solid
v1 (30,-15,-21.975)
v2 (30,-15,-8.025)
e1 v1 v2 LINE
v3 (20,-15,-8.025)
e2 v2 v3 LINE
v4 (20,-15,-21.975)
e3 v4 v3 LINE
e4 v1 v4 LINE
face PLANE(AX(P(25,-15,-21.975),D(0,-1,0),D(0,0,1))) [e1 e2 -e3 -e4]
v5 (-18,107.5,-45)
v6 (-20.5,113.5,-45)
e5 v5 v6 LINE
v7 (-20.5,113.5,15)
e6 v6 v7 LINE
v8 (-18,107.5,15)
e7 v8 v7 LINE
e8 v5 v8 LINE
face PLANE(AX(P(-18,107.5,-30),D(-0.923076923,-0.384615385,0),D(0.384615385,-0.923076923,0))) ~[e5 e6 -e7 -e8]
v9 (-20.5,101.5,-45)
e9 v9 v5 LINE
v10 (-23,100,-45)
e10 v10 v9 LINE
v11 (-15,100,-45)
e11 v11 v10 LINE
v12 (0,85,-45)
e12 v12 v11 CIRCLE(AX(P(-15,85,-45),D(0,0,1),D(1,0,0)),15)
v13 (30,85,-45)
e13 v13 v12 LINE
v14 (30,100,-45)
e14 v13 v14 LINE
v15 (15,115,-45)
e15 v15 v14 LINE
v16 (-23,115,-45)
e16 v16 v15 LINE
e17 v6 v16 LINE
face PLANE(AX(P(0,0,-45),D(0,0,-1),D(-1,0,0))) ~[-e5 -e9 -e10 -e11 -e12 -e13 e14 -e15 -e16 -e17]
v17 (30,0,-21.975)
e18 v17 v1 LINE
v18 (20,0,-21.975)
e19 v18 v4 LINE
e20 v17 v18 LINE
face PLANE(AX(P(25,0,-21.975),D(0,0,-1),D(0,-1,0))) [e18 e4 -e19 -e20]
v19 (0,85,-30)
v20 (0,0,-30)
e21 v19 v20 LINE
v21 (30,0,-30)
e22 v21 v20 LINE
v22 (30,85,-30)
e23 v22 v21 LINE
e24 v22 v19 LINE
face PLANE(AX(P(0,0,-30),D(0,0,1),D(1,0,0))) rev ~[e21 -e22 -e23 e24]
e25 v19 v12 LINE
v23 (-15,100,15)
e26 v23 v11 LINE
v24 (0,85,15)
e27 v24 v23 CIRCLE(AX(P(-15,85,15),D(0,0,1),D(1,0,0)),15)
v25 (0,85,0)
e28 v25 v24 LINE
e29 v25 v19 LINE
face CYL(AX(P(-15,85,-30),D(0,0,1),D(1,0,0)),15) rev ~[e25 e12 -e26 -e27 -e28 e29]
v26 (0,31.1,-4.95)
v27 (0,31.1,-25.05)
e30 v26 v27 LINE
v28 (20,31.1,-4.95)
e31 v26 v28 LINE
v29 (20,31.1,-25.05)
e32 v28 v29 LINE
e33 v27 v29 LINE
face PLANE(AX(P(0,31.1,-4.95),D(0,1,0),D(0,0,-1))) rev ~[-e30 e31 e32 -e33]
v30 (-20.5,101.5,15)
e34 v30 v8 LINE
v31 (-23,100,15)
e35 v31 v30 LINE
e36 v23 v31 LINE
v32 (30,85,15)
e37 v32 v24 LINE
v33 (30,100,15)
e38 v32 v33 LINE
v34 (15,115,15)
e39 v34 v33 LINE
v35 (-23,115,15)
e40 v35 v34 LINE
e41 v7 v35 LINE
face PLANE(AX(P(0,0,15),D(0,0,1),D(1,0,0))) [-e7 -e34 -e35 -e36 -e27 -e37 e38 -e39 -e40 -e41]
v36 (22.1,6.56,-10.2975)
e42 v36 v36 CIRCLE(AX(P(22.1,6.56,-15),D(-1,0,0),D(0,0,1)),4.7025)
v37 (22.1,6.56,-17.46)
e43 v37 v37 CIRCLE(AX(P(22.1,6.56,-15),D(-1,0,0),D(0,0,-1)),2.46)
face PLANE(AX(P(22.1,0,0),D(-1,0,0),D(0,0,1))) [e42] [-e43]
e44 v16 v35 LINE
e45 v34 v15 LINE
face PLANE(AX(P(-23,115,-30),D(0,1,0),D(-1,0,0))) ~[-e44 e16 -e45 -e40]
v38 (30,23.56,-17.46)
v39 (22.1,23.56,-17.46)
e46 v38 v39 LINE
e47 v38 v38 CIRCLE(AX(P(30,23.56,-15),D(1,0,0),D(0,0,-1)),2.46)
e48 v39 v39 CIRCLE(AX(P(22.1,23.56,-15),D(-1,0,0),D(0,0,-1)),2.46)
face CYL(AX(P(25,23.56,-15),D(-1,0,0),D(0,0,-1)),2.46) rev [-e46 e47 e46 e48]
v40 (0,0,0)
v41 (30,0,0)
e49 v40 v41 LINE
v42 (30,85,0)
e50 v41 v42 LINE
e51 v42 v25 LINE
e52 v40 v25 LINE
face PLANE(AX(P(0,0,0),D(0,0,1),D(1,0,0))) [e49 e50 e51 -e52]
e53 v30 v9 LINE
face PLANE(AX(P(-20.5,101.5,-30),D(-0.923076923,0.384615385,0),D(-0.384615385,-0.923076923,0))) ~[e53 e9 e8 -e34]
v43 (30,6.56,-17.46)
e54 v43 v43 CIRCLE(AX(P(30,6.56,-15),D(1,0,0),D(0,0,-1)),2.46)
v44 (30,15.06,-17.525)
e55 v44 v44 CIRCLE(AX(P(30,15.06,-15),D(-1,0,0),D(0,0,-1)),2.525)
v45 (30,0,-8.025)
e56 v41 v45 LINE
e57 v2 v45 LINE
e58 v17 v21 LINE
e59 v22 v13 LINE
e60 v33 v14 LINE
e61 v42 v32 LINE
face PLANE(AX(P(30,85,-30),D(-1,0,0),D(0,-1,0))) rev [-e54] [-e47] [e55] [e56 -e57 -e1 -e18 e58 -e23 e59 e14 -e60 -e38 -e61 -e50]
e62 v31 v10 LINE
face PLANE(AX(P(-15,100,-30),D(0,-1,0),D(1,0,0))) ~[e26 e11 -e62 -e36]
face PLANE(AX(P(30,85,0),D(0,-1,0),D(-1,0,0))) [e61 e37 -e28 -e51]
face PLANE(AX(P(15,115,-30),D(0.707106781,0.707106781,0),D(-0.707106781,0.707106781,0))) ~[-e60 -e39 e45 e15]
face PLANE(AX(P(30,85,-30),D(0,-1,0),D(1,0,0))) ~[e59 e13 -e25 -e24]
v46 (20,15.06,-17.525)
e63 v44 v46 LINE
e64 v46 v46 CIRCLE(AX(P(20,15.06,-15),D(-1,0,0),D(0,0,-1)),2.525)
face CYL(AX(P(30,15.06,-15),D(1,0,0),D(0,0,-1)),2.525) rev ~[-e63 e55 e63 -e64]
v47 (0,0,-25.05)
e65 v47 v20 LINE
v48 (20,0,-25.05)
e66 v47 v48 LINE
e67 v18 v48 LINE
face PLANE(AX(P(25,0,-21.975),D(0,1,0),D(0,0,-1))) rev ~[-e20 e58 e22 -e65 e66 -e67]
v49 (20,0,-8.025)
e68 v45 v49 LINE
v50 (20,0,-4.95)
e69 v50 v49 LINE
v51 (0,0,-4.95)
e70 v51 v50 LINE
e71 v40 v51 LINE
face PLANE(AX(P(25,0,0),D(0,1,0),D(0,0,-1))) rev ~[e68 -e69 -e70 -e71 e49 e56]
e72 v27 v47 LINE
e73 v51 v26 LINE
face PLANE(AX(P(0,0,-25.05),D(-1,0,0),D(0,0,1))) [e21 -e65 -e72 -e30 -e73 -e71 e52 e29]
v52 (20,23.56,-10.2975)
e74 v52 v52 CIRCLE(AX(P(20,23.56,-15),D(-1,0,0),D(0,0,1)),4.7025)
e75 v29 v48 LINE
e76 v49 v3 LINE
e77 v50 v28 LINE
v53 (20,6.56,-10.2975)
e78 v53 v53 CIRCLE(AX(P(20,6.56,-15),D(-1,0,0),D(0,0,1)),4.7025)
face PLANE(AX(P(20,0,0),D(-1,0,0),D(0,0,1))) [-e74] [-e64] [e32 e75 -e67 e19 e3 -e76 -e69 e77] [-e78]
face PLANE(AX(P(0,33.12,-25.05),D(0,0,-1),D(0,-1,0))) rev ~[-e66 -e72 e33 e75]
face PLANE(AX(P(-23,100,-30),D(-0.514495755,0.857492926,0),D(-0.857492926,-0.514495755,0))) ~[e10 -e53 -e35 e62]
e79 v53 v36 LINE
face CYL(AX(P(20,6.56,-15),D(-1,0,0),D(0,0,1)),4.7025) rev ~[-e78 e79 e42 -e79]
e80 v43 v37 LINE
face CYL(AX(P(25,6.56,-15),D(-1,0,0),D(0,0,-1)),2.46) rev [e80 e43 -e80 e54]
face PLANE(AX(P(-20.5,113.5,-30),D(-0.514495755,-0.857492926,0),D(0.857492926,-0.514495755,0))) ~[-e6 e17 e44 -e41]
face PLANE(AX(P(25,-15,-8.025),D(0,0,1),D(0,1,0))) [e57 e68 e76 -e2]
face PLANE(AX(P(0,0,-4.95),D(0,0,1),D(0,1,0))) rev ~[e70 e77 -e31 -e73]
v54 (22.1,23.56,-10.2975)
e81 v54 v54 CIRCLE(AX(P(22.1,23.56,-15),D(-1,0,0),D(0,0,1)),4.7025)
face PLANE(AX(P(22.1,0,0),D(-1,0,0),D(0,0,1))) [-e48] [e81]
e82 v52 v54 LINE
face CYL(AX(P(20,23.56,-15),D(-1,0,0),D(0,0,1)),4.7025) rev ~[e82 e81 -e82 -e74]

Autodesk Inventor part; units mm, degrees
ref_plane "YZ Plane" through (0, 0, 0) normal (1, 0, 0) x (0, 1, 0)
ref_plane "XZ Plane" through (0, 0, 0) normal (0, 1, 0) x (-1, 0, 0)
sketch "Sketch1" plane through (0, 0, 0) normal (0, 0, 1) x (1, 0, 0)
  line L0 (0, 0) -> (25, 0)
  line L1 (25, 0) -> (25, 40)
  line L2 (25, 40) -> (0, 40)
  line L3 (0, 40) -> (0, 0)
  dimension "d1" = 25
  dimension "d2" = 40
  dimension "d3" = 25
extrude "Extrusion1" add sketch "Sketch1" against normal blind 30
sketch "Sketch2" plane through (25, 0, 0) normal (1, 0, 0) x (0, 0, -1)
  line L0 (0, 0) -> (30, 0) projected
  circle A0 centre (15, 6.56) radius 2.46
extrude "Extrusion2" cut sketch "Sketch2" against normal blind 30
sketch "Sketch3" plane through (0, 0, 0) normal (-1, 0, 0) x (0, 0, 1)
  line L0 (0, 0) -> (-30, 0) projected
  line L1 (-25.05, 0) -> (-4.95, 0)
  line L2 (-4.95, 0) -> (-4.95, 33.12)
  line L3 (-4.95, 33.12) -> (-25.05, 33.12)
  line L4 (-25.05, 33.12) -> (-25.05, 0)
  dimension "d11" = 20.1
extrude "Extrusion3" cut sketch "Sketch3" against normal blind 20
sketch "Sketch4" plane through (0, 0, 0) normal (0, -1, 0) x (1, 0, 0)
  line L0 (20, -4.95) -> (20, -25.05) projected
  line L1 (20, -15) -> (25, -15)
  line L2 (25, 0) -> (25, -30) projected
  line L3 (20, -8.025) -> (25, -8.025)
  line L4 (25, -8.025) -> (25, -21.975)
  line L5 (25, -21.975) -> (20, -21.975)
  line L6 (20, -21.975) -> (20, -8.025)
  line L7 (20, -8.025) -> (25, -21.975) construction
  line L8 (25, -8.025) -> (20, -21.975) construction
  line L9 (25, -12.54) -> (25, -17.46) projected
  point P0 (0, 0)
  point P1 (22.5, -15)
  dimension "d14" = 13.95
extrude "Extrusion4" add sketch "Sketch4" along normal blind 15
sketch "Sketch5" plane through (20, 0, 0) normal (-1, 0, 0) x (0, 0, 1)
  circle A0 centre (-15, 6.56) radius 2.46 projected
  circle A1 centre (-15, 6.56) radius 4.7025
  circle A2 centre (-15, 6.56) radius 2.46 projected
  circle A3 centre (-15, 6.56) radius 2.46
  point P0 (0, 0)
  dimension "d17" = 9.405
extrude "Extrusion5" cut sketch "Sketch5" against normal blind 2.1
sketch "Sketch6" plane through (25, 0, 0) normal (1, 0, 0) x (0, 0, -1)
  circle A0 centre (15, 6.56) radius 4.7025 projected
  line L0 (15, 6.56) -> (15, 23.56)
  circle A1 centre (15, 23.56) radius 2.46
  point P0 (0, 0)
  dimension "d20" = 17
  dimension "d21" = 4.92
extrude "Extrusion6" cut sketch "Sketch6" against normal blind 10 contours A1
sketch "Sketch7" plane through (20, 0, 0) normal (-1, 0, 0) x (0, 0, 1)
  circle A0 centre (-15, 23.56) radius 2.46 projected
  circle A1 centre (-15, 23.56) radius 4.7025
  point P0 (0, 0)
  dimension "d24" = 9.405
extrude "Extrusion7" cut sketch "Sketch7" against normal blind 2.1
sketch "Sketch9" plane through (25, 0, 0) normal (1, 0, 0) x (0, 0, -1)
  circle A0 centre (15, 6.56) radius 2.46 projected
  circle A1 centre (15, 6.56) radius 2.46
  circle A2 centre (15, 23.56) radius 2.46 projected
  circle A3 centre (15, 23.56) radius 2.46
  line L0 (30, 40) -> (30, 0) projected
  line L1 (30, 0) -> (30, 40)
  line L2 (30, 40) -> (0, 40)
  line L3 (0, 40) -> (0, 0)
  line L4 (0, 0) -> (8.025, 0) projected
  line L5 (21.975, 0) -> (21.975, -15)
  line L6 (21.975, -15) -> (8.025, -15)
  line L7 (8.025, -15) -> (8.025, 0)
  line L8 (0, 0) -> (8.025, 0)
  line L9 (21.975, 0) -> (30, 0)
extrude "Extrusion8" add sketch "Sketch9" along normal blind 5
sketch "Sketch10" plane through (0, 40, 0) normal (0, 1, 0) x (1, 0, 0)
  line L0 (0, 30) -> (30, 30) projected
  line L1 (30, 0) -> (0, 0) projected
  line L2 (0, 30) -> (30, 30)
  line L3 (30, 30) -> (30, 0)
  line L4 (30, 0) -> (0, 0)
  line L5 (0, 0) -> (0, 30)
extrude "Extrusion9" add sketch "Sketch10" along normal blind 30
sketch "Sketch12" plane through (30, 0, 0) normal (1, 0, 0) x (0, 0, -1)
  circle A0 centre (15, 6.56) radius 2.46 projected
  line L0 (15, 6.56) -> (15, 15.06)
  circle A1 centre (15, 15.06) radius 2.525
  point P0 (0, 0)
  dimension "d31" = 8.5
  dimension "d33" = 5.05
extrude "Extrusion10" cut sketch "Sketch12" against normal blind 30 contours A1
sketch "Sketch14" plane through (0, 0, 0) normal (0, 0, 1) x (1, 0, 0)
  line L0 (30, 70) -> (0, 70) projected
  line L1 (0, 70) -> (0, 85)
  line L2 (-15, 100) -> (-23, 100)
  line L3 (30, 100) -> (15, 115)
  line L4 (-23, 115) -> (15, 115)
  line L5 (30, 0) -> (30, 70) projected
  line L6 (30, 100) -> (30, 70)
  line L7 (-20.5, 113.5) -> (-23, 115)
  line L8 (-20.5, 101.5) -> (-23, 100)
  line L9 (-18, 107.5) -> (-20.5, 101.5)
  line L10 (-18, 107.5) -> (-20.5, 113.5)
  arc A0 (0, 85) -> (-15, 100) centre (-15, 85) ccw
  point P0 (0, 0)
  point P1 (0, 100)
  dimension "d47" = 30
  dimension "d49" = 15
  dimension "d54" = 15
extrude "Extrusion12" add sketch "Sketch14" against normal blind 30
sketch "Sketch15" plane through (0, 0, -25.05) normal (-1, 0, 0) x (0, 0, 1)
  line L0 (0, 33.12) -> (20.1, 33.12) projected
  line L1 (20.1, 33.12) -> (20.1, 0) projected
  line L2 (0, 33.12) -> (20.1, 33.12)
  line L3 (20.1, 33.12) -> (20.1, 31.1)
  line L4 (20.1, 31.1) -> (0, 31.1)
  line L5 (0, 31.1) -> (0, 33.12)
  point P0 (25.05, 0)
  dimension "d57" = 2.02
extrude "Extrusion13" add sketch "Sketch15" against normal blind 20
sketch "Sketch17" plane through (0, 0, 0) normal (0, 0, 1) x (1, 0, 0)
  line L0 (-23, 115) -> (15, 115) projected
  line L1 (-23, 115) -> (15, 115)
  line L2 (30, 0) -> (30, 100) projected
  line L3 (15, 115) -> (30, 100)
  line L4 (30, 100) -> (30, 85)
  arc A0 (0, 85) -> (-15, 100) centre (-15, 85) ccw projected
  line L5 (30, 85) -> (0, 85)
  arc A1 (0, 85) -> (-15, 100) centre (-15, 85) ccw
  line L6 (-15, 100) -> (-23, 100) projected
  line L7 (-15, 100) -> (-23, 100)
  line L8 (-23, 100) -> (-20.5, 101.5) projected
  line L9 (-23, 100) -> (-20.5, 101.5)
  line L10 (-20.5, 101.5) -> (-18, 107.5) projected
  line L11 (-20.5, 101.5) -> (-18, 107.5)
  line L12 (-18, 107.5) -> (-20.5, 113.5) projected
  line L13 (-18, 107.5) -> (-20.5, 113.5)
  line L14 (-20.5, 113.5) -> (-23, 115)
  point P0 (0, 0)
extrude "Extrusion14" add sketch "Sketch17" along normal blind 15
ref_plane "Work Plane1" through (0, 0, -15) normal (0, 0, 1) x (1, 0, 0)
mirror "Mirror1" about plane through (0, 0, -15) normal (0, 0, 1) of "Extrusion14"
properties part number "12mm_x_60mm"
